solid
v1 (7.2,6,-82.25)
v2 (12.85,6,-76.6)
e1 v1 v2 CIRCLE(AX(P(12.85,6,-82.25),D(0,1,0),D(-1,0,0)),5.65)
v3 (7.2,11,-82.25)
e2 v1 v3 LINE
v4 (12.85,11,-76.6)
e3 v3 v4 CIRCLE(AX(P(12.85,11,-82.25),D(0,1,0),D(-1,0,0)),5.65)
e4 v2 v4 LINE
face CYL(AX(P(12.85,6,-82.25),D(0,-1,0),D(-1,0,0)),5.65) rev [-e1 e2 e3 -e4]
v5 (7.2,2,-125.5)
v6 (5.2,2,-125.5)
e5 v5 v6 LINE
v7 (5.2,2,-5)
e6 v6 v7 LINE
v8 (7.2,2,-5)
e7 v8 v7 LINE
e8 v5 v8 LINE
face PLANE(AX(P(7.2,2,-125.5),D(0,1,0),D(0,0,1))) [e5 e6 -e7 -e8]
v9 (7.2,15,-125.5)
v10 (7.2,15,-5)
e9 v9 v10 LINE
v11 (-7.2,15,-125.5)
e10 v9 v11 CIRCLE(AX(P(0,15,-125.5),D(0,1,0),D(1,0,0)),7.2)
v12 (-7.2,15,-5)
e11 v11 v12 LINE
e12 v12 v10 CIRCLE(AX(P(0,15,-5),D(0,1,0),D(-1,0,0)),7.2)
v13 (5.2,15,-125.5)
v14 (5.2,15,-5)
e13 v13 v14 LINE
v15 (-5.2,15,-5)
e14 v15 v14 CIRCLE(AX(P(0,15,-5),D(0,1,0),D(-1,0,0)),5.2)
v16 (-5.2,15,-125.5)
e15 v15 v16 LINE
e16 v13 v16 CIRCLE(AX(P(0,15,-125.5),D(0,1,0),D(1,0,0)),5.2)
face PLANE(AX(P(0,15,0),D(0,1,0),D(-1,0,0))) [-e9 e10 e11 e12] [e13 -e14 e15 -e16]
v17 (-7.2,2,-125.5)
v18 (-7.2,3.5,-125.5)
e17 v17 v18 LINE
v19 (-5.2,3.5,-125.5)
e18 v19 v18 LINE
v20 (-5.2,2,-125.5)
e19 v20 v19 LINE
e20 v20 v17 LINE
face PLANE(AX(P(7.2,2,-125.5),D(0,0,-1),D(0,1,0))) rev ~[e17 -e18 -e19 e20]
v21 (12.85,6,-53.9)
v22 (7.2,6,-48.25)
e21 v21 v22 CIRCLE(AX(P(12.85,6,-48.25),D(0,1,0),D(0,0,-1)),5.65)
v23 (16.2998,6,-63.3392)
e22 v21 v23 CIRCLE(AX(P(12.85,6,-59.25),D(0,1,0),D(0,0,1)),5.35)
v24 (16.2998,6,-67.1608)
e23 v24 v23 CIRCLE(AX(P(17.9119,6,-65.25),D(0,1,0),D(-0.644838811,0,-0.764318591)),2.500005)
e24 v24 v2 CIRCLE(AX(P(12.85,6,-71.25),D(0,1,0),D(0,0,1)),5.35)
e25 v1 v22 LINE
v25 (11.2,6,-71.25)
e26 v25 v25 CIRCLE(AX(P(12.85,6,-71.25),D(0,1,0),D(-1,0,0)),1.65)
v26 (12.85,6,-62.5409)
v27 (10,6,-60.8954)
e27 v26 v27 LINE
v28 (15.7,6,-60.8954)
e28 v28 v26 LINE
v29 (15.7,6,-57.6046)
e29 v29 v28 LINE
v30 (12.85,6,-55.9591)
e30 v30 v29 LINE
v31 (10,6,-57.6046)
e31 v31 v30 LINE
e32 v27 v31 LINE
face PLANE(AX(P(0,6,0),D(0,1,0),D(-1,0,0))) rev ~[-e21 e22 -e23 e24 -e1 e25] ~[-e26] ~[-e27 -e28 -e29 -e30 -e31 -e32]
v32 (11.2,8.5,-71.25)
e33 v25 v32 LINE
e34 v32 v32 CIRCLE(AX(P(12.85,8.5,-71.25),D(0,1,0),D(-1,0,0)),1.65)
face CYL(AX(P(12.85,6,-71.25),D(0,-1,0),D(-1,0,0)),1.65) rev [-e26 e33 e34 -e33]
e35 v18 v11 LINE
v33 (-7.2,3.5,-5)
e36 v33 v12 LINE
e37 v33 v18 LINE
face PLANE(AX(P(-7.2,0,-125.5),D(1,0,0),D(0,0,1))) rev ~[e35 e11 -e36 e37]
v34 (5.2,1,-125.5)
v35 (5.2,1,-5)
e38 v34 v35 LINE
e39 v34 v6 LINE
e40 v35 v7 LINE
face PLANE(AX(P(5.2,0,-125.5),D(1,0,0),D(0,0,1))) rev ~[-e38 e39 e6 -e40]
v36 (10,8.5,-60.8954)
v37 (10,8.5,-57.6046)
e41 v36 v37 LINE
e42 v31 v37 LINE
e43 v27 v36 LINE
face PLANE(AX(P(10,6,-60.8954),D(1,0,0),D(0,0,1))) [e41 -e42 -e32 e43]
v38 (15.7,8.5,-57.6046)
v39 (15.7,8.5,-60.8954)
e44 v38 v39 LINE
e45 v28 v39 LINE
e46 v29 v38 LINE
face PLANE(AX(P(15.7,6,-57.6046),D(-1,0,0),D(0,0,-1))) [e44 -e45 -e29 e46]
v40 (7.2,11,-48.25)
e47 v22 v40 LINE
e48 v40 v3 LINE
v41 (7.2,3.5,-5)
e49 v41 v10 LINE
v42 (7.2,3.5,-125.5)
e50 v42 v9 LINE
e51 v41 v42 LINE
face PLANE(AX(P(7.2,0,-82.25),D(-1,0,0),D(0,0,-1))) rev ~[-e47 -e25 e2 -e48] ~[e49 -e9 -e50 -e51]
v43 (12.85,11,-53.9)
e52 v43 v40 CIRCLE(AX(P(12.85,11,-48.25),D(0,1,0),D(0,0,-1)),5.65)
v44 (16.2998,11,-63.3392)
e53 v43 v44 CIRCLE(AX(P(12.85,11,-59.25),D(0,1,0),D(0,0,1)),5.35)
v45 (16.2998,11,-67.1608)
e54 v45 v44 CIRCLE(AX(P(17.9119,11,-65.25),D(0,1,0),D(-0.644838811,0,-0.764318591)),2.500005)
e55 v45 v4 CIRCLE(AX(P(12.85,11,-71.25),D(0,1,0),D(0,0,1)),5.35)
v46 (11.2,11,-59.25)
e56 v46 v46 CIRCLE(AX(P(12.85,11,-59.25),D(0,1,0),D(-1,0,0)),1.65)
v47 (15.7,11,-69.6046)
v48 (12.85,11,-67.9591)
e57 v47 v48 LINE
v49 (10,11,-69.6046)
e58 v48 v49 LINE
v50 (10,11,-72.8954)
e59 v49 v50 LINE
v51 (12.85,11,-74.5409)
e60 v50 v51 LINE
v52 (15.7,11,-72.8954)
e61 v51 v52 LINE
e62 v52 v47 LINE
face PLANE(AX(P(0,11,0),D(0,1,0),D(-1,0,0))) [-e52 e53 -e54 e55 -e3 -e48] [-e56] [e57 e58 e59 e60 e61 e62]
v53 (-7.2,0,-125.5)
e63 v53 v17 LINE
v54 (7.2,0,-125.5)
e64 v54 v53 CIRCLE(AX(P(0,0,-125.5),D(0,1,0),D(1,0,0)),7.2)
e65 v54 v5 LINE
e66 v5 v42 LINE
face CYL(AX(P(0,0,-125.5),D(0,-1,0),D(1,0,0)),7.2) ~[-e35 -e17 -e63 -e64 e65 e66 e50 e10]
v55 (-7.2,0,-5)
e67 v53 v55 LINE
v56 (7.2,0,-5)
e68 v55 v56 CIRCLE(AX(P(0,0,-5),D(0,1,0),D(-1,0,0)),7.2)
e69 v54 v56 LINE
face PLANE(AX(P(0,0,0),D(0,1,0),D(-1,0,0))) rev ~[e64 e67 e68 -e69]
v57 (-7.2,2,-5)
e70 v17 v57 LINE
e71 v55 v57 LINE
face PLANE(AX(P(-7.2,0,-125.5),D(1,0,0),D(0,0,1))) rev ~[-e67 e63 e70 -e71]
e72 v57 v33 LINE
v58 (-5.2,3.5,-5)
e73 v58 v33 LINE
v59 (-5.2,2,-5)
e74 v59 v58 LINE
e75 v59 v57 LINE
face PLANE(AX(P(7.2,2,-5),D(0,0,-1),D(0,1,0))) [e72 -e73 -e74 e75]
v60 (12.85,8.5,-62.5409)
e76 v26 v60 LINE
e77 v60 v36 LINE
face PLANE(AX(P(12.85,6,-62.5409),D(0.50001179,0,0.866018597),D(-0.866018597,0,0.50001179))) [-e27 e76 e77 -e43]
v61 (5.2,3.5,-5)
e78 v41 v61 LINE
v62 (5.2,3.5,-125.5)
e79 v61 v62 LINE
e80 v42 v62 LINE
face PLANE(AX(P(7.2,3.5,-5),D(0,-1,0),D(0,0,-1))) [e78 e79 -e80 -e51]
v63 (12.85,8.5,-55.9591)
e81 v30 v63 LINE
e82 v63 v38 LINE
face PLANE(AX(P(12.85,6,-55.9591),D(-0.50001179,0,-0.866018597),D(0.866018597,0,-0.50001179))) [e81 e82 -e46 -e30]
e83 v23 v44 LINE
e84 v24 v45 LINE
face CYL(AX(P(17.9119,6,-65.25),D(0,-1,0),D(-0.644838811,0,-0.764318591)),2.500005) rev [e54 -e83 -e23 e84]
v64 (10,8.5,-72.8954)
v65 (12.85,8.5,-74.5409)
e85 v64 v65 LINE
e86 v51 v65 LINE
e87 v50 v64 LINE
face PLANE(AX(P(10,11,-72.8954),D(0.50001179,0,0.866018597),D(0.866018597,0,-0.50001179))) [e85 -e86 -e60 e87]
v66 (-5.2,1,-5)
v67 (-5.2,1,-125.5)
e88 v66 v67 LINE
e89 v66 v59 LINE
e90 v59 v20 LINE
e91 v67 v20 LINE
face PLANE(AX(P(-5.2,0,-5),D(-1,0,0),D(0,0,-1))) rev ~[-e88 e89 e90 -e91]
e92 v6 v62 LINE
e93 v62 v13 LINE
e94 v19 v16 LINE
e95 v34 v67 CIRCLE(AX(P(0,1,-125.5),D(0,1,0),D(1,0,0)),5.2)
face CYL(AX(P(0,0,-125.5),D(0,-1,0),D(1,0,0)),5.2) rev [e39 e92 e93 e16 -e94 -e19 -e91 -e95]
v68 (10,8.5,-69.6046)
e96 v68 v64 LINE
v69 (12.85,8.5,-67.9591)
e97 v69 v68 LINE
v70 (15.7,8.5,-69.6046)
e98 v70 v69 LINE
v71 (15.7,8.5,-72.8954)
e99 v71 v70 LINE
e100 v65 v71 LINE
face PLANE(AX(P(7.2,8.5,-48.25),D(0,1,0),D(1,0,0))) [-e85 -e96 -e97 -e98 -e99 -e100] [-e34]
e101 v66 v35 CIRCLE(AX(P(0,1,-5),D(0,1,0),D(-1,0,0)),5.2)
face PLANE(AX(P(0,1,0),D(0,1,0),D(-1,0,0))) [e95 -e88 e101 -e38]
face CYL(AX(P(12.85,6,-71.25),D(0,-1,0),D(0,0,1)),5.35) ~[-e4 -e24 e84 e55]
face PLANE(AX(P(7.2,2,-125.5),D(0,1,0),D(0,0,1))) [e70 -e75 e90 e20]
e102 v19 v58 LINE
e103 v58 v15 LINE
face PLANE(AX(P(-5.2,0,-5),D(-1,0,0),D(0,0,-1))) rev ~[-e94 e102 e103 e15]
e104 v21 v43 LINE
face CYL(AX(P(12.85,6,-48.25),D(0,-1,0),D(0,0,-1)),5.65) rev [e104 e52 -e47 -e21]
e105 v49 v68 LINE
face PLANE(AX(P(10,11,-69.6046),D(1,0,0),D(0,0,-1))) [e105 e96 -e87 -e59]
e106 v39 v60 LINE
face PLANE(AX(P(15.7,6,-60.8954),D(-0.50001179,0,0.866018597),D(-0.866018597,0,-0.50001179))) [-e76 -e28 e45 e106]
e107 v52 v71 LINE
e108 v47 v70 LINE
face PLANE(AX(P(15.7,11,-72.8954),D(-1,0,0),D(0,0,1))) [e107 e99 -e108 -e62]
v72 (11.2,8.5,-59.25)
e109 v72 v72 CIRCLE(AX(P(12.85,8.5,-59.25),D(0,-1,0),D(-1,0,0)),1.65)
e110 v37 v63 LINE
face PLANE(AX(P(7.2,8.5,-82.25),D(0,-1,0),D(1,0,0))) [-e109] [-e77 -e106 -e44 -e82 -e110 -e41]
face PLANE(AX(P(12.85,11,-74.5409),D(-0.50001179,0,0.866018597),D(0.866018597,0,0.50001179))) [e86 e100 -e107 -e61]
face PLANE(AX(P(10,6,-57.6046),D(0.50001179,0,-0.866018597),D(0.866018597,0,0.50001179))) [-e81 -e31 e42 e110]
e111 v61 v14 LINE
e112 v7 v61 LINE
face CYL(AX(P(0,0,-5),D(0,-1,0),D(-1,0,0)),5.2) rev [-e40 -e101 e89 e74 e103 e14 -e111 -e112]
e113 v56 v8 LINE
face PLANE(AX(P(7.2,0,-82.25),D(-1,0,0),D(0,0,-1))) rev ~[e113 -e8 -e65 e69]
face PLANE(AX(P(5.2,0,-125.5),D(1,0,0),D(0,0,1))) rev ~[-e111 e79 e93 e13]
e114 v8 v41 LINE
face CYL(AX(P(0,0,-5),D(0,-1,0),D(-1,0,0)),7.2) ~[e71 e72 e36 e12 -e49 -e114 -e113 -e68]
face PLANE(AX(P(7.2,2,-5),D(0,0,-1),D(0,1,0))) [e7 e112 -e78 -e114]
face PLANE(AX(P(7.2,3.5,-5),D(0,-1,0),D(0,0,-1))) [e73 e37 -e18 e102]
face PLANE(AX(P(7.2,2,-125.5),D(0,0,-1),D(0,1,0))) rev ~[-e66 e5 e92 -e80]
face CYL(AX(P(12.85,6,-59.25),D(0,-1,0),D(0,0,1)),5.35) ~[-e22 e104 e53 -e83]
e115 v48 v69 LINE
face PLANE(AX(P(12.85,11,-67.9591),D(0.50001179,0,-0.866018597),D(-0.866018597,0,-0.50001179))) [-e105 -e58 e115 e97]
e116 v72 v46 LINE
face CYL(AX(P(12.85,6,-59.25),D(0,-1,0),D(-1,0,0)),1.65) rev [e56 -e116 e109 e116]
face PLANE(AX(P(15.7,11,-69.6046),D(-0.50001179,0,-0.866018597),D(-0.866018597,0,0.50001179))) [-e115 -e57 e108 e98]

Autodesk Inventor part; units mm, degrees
ref_plane "YZ Plane" through (0, 0, 0) normal (1, 0, 0) x (0, 1, 0)
ref_plane "XZ Plane" through (0, 0, 0) normal (0, 1, 0) x (-1, 0, 0)
sketch "Sketch1" plane through (0, 0, 0) normal (0, 1, 0) x (-1, 0, 0)
  line L0 (0, 0) -> (0, -130.5) construction
  line L1 (-5, -5) -> (-5, -125.5) construction
  line L2 (5, -125.5) -> (5, -5) construction
  arc A0 (5, -5) -> (-5, -5) centre (0, -5) ccw construction
  arc A1 (-5, -125.5) -> (5, -125.5) centre (0, -125.5) ccw construction
  line L3 (0, -65.25) -> (0, -71.25) construction
  line L4 (-5.2, -125.5) -> (-5.2, -5)
  arc A2 (5.2, -5) -> (-5.2, -5) centre (0, -5) ccw
  line L5 (5.2, -5) -> (5.2, -125.5)
  arc A3 (-5.2, -125.5) -> (5.2, -125.5) centre (0, -125.5) ccw
  line L6 (7.2, -125.5) -> (7.2, -5)
  arc A4 (7.2, -5) -> (-7.2, -5) centre (0, -5) ccw
  line L7 (-7.2, -5) -> (-7.2, -125.5)
  arc A5 (-7.2, -125.5) -> (7.2, -125.5) centre (0, -125.5) ccw
  line L8 (0, -71.25) -> (-12.85, -71.25) construction
  circle A6 centre (-12.85, -71.25) radius 1.65
  line L9 (-7.2, -76.6) -> (-12.85, -76.6)
  arc A7 (-12.85, -65.9) -> (-12.85, -76.6) centre (-12.85, -71.25) ccw
  line L10 (-12.85, -65.9) -> (-7.2, -65.9)
  line L11 (0, -65.25) -> (0, -59.25) construction
  line L12 (0, -59.25) -> (-7.2, -59.25) construction
  line L13 (-7.2, -59.25) -> (-12.85, -59.25) construction
  circle A8 centre (-12.85, -59.25) radius 1.65
  arc A9 (-12.85, -53.9) -> (-12.85, -64.6) centre (-12.85, -59.25) ccw
  line L14 (-12.85, -64.6) -> (-7.2, -64.6)
  line L15 (-12.85, -53.9) -> (-7.2, -53.9)
  arc A10 (-16.2998, -67.1608) -> (-16.2998, -63.3392) centre (-17.9119, -65.25) ccw
  arc A11 (-7.2, -82.25) -> (-12.85, -76.6) centre (-12.85, -82.25) ccw
  arc A12 (-12.85, -53.9) -> (-7.2, -48.25) centre (-12.85, -48.25) ccw
  point P0 (-11.2, -71.25)
  point P1 (-11.2, -59.25)
  point P2 (-11.2, -59.25)
  dimension "d15" = 3.3
  dimension "d20" = 3.3
  dimension "d0" = 130.5
  dimension "d1" = 10
  dimension "d2" = 6
  dimension "d6" = 0.2
  dimension "d7" = 2
  dimension "d14" = 3.7
  dimension "d16" = 4
  dimension "d17" = 6
  dimension "d18" = 3.7
  dimension "d19" = 4
  dimension "d24" = 2.5
extrude "Extrusion1" add sketch "Sketch1" along normal blind 1 contours L4 A2 L5 A3
extrude "Extrusion2" add sketch "Sketch1" along normal blind 15 contours A5 L7 A4 L6
ref_plane "Work Plane1" through (0, 6, 0) normal (0, -1, 0) x (1, 0, 0)
extrude "Extrusion4" add sketch "Sketch1" along normal blind 5 from surface at 6 contours A11 L9 L7 | L7 L15 A12 | L9 A7 L10 L7 | L7 L14 A9 L15 | L10 A7 A10 A9 L14 L7
sketch "Sketch2" plane through (7.2, 0, -5) normal (1, 0, 0) x (0, 0, -1)
  line L0 (0, 0) -> (0, 15) projected
  line L1 (120.5, 0) -> (120.5, 15) projected
  line L2 (0, 3.5) -> (120.5, 3.5)
  line L3 (120.5, 3.5) -> (120.5, 2)
  line L4 (120.5, 2) -> (0, 2)
  line L5 (0, 2) -> (0, 3.5)
  line L6 (0, 0) -> (120.5, 0) projected
  point P0 (-5, 0)
  point P1 (0, 2)
  dimension "d28" = 2
  dimension "d31" = 1.5
extrude "Extrusion5" cut sketch "Sketch2" against normal through all contours L0 L2 L1 L4
sketch "Sketch3" plane through (7.2, 6, -82.25) normal (0, -1, 0) x (1, 0, 0)
  circle A0 centre (5.65, 23) radius 1.65 projected
  line L0 (5.65, 26.2909) -> (8.5, 24.6454)
  line L1 (8.5, 24.6454) -> (8.5, 21.3546)
  line L2 (8.5, 21.3546) -> (5.65, 19.7091)
  line L3 (5.65, 19.7091) -> (2.8, 21.3546)
  line L4 (2.8, 21.3546) -> (2.8, 24.6454)
  line L5 (2.8, 24.6454) -> (5.65, 26.2909)
  point P0 (-7.2, 82.25)
  dimension "d32" = 5.7
sketch "Sketch4" plane through (7.2, 11, -48.25) normal (0, 1, 0) x (1, 0, 0)
  circle A0 centre (5.65, 23) radius 1.65 projected
  line L0 (8.5, 24.6454) -> (8.5, 21.3546)
  line L1 (8.5, 21.3546) -> (5.65, 19.7091)
  line L2 (5.65, 19.7091) -> (2.8, 21.3546)
  line L3 (2.8, 21.3546) -> (2.8, 24.6454)
  line L4 (2.8, 24.6454) -> (5.65, 26.2909)
  line L5 (5.65, 26.2909) -> (8.5, 24.6454)
  point P0 (-7.2, -48.25)
  dimension "d33" = 5.7
extrude "Extrusion6" cut sketch "Sketch4" against normal blind 2.5
extrude "Extrusion7" cut sketch "Sketch3" against normal blind 2.5
properties part number "wiper_linkage_magnet_holder" material "ABS Plastic"
